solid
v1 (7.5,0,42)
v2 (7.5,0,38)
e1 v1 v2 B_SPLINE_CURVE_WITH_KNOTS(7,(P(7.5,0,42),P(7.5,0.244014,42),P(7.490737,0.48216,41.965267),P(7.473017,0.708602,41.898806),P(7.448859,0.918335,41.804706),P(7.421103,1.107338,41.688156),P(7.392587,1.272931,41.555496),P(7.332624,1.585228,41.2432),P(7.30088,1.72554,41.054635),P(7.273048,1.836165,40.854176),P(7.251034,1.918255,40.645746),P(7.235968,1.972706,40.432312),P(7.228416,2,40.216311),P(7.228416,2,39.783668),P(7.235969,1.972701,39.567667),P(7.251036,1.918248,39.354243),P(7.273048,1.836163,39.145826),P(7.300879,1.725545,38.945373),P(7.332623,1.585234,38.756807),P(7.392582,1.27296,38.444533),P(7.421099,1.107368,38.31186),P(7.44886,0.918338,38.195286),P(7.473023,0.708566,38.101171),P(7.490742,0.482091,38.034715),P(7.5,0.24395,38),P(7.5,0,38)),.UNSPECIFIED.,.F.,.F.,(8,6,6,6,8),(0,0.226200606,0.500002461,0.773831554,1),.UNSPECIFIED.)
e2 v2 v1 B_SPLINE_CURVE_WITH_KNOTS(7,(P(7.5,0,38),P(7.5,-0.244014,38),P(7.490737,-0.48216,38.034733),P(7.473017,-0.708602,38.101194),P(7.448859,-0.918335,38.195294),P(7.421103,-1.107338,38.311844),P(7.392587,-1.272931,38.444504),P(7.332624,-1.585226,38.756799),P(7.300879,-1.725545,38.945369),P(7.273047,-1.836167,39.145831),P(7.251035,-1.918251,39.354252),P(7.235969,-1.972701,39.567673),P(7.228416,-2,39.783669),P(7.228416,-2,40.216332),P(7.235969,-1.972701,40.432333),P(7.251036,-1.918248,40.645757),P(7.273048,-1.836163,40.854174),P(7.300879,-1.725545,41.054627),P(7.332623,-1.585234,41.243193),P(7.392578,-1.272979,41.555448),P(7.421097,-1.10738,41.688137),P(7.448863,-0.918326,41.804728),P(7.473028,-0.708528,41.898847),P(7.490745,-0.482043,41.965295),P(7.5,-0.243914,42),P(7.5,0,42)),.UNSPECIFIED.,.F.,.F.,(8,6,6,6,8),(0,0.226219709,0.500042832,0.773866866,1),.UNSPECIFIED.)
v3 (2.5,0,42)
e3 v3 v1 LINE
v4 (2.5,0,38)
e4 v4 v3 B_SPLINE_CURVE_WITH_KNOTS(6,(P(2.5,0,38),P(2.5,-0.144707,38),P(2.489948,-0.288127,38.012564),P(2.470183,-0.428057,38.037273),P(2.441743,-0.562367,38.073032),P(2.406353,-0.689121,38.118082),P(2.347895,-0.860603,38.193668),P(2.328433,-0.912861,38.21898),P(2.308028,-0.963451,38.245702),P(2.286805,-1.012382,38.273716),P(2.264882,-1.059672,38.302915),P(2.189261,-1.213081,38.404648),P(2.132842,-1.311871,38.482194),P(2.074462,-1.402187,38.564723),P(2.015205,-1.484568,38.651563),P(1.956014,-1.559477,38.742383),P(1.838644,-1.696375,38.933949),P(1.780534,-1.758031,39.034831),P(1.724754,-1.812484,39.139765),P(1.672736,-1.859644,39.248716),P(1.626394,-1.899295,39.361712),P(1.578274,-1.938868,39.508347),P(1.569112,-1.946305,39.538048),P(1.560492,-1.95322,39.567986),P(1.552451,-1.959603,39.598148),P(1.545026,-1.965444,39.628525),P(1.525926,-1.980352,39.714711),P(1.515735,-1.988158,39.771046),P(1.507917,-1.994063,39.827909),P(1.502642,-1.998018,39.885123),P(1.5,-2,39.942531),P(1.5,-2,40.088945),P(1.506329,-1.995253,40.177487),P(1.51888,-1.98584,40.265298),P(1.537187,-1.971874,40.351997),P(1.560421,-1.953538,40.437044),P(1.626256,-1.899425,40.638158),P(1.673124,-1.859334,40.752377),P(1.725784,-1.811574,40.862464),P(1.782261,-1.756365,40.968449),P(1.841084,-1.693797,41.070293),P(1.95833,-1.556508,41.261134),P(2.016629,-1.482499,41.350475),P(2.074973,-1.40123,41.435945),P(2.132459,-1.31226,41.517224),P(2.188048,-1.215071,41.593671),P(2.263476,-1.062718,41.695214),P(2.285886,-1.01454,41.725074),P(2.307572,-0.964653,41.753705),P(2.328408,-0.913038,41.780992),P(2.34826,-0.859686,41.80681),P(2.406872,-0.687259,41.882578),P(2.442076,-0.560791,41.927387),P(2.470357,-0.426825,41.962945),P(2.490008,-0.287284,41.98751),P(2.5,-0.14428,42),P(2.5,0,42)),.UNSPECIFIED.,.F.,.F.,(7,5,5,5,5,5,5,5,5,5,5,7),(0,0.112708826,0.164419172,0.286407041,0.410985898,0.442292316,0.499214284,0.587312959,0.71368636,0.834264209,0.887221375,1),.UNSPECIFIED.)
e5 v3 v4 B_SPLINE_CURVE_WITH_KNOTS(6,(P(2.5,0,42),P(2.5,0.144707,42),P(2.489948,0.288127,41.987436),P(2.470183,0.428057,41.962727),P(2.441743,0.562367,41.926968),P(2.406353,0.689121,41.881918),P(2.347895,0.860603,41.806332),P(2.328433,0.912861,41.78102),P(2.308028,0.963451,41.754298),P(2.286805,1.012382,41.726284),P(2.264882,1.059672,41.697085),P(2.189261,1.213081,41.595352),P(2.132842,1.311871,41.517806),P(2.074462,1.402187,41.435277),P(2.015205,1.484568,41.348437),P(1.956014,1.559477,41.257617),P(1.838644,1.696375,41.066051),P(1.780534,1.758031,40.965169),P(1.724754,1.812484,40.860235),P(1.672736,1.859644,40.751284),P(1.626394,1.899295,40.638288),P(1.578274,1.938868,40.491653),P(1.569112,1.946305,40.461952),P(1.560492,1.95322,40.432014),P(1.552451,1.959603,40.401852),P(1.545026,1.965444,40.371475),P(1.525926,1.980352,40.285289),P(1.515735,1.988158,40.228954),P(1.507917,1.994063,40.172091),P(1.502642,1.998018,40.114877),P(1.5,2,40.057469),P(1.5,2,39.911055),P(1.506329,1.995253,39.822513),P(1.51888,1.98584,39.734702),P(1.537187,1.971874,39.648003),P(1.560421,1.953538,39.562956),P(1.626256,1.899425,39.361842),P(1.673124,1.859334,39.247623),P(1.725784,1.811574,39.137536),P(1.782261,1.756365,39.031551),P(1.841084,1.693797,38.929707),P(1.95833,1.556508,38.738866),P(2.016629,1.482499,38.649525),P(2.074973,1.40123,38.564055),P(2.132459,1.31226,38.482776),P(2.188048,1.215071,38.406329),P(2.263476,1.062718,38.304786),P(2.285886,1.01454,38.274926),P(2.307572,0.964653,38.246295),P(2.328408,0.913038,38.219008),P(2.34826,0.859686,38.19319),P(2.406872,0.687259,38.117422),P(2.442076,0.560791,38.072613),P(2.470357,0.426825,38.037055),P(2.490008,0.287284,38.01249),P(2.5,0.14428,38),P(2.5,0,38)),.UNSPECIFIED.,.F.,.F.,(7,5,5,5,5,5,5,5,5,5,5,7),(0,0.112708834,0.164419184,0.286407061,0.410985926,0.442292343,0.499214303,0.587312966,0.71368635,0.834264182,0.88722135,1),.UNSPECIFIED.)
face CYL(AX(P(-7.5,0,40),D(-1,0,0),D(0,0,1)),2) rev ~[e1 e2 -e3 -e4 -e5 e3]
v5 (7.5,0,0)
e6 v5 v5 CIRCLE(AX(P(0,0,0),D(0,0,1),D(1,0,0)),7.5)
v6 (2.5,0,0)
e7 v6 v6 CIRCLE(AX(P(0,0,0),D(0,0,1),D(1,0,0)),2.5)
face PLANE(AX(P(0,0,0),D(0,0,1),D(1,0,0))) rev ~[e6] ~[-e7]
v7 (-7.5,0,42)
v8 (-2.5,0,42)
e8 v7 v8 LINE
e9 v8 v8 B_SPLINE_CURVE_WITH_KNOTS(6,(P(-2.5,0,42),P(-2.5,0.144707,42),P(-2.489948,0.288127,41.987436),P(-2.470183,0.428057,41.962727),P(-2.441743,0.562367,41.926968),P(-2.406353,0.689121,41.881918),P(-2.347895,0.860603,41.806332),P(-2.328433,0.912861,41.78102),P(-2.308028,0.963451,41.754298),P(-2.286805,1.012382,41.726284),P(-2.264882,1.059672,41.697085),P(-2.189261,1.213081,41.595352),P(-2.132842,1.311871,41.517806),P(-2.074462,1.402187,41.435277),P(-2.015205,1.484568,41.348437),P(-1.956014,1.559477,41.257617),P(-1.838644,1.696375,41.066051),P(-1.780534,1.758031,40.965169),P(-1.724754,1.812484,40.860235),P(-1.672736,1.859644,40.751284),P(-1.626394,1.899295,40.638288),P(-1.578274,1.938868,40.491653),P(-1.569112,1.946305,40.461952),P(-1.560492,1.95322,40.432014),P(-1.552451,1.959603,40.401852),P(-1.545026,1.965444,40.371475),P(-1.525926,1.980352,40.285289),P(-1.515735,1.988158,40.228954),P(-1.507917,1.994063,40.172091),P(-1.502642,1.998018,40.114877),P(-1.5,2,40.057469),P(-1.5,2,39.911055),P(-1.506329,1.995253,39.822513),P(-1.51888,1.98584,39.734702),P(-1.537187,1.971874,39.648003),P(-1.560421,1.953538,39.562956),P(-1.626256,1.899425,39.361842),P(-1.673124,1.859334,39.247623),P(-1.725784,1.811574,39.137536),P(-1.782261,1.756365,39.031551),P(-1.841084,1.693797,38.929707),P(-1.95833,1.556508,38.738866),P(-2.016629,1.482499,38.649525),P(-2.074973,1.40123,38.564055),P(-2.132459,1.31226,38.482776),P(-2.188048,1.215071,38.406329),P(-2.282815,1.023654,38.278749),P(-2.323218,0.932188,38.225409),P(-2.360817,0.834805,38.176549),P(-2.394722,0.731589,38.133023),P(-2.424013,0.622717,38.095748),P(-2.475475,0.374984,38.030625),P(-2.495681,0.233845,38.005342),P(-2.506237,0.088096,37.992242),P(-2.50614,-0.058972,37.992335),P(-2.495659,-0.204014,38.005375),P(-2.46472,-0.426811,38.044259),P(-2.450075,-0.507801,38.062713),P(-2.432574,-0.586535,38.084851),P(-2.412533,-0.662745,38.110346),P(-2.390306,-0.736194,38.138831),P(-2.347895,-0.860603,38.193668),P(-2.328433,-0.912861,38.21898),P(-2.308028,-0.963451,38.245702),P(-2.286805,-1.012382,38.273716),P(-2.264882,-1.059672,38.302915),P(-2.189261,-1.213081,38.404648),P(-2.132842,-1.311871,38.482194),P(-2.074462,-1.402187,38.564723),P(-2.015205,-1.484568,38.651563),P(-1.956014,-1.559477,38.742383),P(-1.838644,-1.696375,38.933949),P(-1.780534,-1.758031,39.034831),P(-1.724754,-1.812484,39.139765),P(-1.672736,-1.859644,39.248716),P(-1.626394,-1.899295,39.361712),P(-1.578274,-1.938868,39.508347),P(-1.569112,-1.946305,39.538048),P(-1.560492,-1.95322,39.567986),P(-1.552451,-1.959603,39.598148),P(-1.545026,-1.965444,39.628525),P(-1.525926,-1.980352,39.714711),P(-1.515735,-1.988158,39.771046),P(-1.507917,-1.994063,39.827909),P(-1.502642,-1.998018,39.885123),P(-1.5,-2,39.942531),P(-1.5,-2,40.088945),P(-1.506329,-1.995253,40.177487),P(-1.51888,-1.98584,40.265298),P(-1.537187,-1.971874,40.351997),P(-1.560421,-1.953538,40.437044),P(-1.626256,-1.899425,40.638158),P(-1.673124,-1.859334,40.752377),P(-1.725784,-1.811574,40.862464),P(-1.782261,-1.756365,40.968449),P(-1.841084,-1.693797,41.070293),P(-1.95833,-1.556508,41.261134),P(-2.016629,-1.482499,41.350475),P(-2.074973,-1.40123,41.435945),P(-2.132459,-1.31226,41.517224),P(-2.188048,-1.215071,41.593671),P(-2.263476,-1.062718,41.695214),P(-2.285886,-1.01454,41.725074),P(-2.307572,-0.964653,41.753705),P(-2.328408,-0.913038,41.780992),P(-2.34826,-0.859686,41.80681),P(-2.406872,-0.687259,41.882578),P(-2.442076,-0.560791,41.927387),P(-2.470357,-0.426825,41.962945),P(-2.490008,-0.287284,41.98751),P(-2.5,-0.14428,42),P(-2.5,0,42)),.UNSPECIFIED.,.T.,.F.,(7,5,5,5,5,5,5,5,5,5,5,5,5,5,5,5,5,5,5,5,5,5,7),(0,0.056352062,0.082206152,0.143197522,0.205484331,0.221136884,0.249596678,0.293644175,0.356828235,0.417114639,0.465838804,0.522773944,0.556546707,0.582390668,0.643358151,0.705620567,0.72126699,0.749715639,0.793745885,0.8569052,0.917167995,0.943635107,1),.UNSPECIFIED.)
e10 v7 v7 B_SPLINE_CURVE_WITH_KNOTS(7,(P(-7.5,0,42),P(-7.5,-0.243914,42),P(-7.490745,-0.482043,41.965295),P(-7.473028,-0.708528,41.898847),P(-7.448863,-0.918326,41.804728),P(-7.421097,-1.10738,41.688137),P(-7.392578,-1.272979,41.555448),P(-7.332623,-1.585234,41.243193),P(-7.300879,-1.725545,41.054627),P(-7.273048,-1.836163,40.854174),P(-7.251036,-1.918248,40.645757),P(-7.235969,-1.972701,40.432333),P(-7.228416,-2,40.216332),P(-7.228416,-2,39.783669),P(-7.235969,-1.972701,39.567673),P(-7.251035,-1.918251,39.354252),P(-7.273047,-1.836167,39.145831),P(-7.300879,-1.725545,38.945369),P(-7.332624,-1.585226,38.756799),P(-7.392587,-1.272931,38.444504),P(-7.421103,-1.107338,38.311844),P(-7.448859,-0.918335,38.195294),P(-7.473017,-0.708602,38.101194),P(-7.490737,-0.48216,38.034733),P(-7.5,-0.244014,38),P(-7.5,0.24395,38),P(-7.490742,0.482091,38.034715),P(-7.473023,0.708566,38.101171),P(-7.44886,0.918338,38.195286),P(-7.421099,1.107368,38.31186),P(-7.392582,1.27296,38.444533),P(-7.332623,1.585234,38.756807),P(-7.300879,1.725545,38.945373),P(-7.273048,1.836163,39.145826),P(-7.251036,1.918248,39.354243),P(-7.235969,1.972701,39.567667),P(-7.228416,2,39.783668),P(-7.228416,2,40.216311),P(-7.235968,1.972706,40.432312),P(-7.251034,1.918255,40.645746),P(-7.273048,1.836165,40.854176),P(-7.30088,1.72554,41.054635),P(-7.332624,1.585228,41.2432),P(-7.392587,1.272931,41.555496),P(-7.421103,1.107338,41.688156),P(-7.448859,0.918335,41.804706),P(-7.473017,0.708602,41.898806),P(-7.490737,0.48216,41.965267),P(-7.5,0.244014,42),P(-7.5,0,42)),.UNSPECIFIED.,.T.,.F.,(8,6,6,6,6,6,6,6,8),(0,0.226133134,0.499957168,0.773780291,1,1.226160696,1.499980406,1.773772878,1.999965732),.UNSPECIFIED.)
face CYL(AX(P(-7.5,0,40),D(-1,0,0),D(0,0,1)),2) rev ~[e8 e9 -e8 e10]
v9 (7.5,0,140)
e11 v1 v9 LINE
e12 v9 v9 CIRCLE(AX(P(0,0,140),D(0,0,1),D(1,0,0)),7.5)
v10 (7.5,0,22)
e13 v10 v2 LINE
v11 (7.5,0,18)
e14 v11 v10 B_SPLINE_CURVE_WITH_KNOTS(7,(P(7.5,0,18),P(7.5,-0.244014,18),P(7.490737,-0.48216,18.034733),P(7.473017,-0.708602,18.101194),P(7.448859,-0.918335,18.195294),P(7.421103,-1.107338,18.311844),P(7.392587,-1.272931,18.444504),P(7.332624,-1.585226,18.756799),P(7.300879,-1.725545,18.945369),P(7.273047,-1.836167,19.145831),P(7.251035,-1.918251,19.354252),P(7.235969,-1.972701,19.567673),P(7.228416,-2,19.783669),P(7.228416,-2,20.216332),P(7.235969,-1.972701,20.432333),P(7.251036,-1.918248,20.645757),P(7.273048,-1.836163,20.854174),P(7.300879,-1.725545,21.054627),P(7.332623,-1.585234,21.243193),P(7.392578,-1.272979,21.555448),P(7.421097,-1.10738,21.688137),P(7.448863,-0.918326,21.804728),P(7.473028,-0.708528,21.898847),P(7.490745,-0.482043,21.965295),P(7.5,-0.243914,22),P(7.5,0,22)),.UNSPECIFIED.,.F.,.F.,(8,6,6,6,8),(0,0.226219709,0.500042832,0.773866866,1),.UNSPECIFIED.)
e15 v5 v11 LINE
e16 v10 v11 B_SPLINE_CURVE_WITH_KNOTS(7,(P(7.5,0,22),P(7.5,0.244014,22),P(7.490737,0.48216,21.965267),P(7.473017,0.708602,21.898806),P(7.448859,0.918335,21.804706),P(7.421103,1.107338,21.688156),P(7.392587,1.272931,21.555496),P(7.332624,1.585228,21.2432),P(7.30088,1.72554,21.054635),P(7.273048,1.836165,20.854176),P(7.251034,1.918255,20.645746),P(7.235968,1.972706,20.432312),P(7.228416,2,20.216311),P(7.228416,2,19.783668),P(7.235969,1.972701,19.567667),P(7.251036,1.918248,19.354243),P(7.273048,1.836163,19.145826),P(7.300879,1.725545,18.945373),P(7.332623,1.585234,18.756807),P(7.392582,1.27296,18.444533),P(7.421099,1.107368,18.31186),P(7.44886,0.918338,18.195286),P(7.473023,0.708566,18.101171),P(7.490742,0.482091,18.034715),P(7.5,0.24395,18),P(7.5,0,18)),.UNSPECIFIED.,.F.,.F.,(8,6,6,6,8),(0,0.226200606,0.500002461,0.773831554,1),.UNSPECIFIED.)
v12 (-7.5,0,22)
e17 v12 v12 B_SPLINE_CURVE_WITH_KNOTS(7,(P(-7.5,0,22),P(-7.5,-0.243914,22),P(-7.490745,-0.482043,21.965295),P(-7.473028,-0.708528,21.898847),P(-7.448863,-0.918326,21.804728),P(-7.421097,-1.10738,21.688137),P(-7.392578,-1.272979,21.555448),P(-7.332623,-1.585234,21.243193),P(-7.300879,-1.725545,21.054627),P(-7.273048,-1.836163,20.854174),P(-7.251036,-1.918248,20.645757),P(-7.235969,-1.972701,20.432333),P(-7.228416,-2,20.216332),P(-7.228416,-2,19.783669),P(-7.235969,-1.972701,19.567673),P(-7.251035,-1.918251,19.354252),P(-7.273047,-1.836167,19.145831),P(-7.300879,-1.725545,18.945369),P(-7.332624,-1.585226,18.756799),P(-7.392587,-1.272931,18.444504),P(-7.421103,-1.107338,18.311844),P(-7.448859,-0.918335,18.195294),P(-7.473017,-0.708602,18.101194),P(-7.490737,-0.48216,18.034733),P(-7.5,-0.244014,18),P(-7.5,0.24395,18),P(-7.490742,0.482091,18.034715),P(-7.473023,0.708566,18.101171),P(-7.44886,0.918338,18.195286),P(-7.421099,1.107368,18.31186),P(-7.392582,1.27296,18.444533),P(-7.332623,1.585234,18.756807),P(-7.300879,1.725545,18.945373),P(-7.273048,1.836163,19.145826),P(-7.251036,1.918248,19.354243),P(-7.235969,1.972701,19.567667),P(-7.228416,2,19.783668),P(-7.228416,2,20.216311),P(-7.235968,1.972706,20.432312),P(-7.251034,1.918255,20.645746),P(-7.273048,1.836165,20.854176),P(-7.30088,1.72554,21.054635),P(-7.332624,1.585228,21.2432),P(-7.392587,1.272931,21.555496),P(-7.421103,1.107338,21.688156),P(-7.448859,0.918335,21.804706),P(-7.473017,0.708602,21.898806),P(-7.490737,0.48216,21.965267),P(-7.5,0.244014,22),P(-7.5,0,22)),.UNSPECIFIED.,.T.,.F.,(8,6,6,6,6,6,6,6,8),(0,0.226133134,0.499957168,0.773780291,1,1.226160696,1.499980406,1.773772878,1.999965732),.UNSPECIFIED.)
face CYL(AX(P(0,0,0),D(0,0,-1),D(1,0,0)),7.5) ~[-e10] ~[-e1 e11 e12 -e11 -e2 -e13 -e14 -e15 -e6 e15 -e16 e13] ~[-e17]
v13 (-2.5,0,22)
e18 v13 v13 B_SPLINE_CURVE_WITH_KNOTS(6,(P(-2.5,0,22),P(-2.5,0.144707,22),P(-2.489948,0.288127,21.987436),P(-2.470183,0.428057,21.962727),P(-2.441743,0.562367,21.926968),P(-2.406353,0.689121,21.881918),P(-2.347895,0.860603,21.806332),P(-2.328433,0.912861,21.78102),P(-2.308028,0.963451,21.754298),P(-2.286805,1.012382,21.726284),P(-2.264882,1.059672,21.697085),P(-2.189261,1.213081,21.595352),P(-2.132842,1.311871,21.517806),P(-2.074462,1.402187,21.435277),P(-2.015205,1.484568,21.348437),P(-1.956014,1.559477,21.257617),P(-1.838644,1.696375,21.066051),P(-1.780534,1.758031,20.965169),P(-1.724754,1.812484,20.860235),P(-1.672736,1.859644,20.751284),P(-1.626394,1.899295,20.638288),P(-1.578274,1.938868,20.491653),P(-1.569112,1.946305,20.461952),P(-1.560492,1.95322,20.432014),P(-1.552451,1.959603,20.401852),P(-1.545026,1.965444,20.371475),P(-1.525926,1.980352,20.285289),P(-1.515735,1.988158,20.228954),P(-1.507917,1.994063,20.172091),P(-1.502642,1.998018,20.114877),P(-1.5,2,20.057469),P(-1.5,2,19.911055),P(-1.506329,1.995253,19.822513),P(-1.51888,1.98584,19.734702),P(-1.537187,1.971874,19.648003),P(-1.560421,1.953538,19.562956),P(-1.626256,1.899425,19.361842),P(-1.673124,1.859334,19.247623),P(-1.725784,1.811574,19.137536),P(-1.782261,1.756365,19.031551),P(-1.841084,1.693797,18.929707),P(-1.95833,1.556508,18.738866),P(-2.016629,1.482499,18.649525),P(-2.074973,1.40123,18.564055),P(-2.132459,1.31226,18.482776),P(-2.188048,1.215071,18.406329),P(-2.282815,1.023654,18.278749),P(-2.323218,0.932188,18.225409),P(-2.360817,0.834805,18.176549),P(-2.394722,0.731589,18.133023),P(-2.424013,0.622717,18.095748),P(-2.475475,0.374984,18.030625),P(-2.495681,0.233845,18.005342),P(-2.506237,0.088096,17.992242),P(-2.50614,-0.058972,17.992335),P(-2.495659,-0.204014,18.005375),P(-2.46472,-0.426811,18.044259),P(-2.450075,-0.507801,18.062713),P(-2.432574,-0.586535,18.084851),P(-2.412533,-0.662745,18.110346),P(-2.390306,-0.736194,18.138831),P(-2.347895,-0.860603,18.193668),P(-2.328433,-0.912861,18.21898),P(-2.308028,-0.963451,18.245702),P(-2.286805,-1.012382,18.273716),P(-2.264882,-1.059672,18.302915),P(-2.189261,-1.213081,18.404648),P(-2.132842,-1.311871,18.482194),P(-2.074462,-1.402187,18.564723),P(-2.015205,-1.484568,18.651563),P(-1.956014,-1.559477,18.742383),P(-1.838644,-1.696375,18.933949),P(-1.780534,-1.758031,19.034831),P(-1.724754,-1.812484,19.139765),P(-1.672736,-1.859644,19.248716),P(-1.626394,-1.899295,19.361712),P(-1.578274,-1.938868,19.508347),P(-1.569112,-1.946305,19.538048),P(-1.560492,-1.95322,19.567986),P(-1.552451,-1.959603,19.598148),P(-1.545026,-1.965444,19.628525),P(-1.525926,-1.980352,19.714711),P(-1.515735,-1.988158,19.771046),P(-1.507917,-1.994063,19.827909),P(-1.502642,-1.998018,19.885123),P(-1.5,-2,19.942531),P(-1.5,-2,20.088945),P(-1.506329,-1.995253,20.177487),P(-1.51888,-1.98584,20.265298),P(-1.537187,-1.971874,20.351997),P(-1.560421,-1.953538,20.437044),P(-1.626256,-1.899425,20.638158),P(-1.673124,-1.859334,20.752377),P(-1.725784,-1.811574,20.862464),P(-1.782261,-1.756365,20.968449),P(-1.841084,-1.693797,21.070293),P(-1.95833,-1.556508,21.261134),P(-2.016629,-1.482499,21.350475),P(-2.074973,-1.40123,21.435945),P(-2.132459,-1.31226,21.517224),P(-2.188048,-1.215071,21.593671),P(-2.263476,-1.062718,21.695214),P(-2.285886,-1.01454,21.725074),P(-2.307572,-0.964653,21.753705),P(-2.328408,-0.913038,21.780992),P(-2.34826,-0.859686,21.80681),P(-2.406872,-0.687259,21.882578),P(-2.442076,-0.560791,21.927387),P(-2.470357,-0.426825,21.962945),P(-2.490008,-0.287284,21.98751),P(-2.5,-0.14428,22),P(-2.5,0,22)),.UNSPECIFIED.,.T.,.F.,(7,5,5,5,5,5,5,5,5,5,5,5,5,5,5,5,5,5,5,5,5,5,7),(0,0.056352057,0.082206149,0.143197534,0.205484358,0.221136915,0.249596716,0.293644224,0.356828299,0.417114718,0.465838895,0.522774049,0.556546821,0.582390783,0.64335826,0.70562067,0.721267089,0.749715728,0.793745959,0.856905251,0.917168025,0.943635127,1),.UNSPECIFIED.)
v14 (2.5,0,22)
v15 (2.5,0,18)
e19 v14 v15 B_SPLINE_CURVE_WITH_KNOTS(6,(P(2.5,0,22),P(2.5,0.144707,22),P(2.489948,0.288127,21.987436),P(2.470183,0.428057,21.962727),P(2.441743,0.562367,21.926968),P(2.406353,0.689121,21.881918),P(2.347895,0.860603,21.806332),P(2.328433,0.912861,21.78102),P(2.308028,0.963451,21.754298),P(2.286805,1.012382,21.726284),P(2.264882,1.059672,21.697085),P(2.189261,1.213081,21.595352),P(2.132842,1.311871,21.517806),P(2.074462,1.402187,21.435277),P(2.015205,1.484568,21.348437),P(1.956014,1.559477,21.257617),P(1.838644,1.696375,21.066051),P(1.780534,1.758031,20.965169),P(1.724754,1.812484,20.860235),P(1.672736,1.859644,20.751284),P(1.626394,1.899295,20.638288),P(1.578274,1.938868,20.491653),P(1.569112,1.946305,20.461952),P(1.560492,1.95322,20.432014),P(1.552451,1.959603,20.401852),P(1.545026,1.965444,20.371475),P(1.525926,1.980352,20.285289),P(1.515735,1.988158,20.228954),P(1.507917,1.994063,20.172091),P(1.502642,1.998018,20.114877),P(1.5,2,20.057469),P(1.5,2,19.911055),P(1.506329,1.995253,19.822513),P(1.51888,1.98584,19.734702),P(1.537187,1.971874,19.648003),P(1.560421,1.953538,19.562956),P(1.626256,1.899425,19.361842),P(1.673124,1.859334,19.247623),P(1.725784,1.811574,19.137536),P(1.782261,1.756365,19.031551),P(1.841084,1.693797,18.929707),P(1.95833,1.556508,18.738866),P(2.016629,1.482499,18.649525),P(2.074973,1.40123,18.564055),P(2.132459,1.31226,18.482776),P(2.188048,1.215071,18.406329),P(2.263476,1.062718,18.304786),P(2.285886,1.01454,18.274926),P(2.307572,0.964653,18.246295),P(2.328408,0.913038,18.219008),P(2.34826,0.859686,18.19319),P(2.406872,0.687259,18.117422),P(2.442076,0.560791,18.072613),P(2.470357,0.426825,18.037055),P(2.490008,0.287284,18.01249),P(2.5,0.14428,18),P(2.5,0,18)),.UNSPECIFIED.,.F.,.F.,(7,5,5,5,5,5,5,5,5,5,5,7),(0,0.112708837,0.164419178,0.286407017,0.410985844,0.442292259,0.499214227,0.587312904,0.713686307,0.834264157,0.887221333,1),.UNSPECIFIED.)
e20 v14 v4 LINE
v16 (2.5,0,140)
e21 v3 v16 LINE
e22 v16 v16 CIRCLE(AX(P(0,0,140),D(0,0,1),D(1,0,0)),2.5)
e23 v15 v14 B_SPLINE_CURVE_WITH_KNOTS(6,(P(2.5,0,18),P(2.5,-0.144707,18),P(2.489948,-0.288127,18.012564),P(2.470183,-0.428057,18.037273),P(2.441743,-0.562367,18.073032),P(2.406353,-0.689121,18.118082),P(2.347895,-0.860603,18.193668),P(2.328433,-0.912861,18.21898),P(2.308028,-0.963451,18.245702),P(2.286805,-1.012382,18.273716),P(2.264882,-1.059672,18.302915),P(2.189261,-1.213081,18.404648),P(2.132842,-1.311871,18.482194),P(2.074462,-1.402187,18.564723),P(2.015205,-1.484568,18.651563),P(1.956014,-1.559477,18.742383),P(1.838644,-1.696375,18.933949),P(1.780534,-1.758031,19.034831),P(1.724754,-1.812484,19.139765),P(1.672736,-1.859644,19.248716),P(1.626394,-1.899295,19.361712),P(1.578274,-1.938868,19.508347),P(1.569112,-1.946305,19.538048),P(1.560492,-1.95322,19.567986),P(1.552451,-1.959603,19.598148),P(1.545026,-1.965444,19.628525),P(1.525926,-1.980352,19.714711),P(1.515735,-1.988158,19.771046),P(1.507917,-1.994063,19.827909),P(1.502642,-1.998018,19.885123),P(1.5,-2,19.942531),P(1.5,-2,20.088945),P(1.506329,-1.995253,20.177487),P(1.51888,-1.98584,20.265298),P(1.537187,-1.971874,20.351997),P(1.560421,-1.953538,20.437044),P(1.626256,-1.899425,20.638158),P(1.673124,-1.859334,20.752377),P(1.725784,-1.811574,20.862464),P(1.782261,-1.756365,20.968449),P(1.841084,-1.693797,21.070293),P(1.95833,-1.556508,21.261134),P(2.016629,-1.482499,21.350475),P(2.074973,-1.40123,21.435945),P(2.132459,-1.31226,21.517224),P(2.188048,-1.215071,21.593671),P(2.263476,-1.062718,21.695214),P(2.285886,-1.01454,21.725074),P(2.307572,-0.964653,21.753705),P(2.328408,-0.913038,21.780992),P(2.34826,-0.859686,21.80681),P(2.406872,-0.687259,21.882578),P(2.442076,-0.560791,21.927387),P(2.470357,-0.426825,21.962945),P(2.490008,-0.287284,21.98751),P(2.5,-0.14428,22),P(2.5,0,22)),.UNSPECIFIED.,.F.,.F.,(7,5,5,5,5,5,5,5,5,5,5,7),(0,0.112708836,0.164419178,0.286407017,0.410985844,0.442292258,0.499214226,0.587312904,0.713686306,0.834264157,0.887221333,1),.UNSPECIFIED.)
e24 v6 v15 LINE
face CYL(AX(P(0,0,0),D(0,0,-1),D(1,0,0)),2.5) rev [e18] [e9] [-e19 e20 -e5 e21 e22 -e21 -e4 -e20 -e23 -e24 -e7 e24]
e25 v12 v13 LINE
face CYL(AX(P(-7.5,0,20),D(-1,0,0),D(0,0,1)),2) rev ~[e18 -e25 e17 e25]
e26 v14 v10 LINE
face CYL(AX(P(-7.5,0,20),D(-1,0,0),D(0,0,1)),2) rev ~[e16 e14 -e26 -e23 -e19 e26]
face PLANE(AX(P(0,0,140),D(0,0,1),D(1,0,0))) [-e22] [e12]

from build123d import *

# Parameters (mm, degrees)
SKETCH1_R           = 7.5
SKETCH1_R_2         = 2.5
BOSS_EXTRUDE1_DEPTH = 140
SKETCH2_R           = 2
CUT_EXTRUDE1_DEPTH  = 16


with BuildPart() as part:
    # Sketch1 → Boss-Extrude1 (new body)
    with BuildSketch(Plane.XY):
        Circle(SKETCH1_R)
        Circle(SKETCH1_R_2, mode=Mode.SUBTRACT)
    extrude(amount=BOSS_EXTRUDE1_DEPTH)

    # Sketch2 → Cut-Extrude1 (cut)
    with BuildSketch(Plane.ZY.offset(7.5)):
        with Locations((20, 0)):
            Circle(SKETCH2_R)
        with Locations((40, 0)):
            Circle(SKETCH2_R)
    extrude(amount=-CUT_EXTRUDE1_DEPTH, mode=Mode.SUBTRACT)


solid = part.part
